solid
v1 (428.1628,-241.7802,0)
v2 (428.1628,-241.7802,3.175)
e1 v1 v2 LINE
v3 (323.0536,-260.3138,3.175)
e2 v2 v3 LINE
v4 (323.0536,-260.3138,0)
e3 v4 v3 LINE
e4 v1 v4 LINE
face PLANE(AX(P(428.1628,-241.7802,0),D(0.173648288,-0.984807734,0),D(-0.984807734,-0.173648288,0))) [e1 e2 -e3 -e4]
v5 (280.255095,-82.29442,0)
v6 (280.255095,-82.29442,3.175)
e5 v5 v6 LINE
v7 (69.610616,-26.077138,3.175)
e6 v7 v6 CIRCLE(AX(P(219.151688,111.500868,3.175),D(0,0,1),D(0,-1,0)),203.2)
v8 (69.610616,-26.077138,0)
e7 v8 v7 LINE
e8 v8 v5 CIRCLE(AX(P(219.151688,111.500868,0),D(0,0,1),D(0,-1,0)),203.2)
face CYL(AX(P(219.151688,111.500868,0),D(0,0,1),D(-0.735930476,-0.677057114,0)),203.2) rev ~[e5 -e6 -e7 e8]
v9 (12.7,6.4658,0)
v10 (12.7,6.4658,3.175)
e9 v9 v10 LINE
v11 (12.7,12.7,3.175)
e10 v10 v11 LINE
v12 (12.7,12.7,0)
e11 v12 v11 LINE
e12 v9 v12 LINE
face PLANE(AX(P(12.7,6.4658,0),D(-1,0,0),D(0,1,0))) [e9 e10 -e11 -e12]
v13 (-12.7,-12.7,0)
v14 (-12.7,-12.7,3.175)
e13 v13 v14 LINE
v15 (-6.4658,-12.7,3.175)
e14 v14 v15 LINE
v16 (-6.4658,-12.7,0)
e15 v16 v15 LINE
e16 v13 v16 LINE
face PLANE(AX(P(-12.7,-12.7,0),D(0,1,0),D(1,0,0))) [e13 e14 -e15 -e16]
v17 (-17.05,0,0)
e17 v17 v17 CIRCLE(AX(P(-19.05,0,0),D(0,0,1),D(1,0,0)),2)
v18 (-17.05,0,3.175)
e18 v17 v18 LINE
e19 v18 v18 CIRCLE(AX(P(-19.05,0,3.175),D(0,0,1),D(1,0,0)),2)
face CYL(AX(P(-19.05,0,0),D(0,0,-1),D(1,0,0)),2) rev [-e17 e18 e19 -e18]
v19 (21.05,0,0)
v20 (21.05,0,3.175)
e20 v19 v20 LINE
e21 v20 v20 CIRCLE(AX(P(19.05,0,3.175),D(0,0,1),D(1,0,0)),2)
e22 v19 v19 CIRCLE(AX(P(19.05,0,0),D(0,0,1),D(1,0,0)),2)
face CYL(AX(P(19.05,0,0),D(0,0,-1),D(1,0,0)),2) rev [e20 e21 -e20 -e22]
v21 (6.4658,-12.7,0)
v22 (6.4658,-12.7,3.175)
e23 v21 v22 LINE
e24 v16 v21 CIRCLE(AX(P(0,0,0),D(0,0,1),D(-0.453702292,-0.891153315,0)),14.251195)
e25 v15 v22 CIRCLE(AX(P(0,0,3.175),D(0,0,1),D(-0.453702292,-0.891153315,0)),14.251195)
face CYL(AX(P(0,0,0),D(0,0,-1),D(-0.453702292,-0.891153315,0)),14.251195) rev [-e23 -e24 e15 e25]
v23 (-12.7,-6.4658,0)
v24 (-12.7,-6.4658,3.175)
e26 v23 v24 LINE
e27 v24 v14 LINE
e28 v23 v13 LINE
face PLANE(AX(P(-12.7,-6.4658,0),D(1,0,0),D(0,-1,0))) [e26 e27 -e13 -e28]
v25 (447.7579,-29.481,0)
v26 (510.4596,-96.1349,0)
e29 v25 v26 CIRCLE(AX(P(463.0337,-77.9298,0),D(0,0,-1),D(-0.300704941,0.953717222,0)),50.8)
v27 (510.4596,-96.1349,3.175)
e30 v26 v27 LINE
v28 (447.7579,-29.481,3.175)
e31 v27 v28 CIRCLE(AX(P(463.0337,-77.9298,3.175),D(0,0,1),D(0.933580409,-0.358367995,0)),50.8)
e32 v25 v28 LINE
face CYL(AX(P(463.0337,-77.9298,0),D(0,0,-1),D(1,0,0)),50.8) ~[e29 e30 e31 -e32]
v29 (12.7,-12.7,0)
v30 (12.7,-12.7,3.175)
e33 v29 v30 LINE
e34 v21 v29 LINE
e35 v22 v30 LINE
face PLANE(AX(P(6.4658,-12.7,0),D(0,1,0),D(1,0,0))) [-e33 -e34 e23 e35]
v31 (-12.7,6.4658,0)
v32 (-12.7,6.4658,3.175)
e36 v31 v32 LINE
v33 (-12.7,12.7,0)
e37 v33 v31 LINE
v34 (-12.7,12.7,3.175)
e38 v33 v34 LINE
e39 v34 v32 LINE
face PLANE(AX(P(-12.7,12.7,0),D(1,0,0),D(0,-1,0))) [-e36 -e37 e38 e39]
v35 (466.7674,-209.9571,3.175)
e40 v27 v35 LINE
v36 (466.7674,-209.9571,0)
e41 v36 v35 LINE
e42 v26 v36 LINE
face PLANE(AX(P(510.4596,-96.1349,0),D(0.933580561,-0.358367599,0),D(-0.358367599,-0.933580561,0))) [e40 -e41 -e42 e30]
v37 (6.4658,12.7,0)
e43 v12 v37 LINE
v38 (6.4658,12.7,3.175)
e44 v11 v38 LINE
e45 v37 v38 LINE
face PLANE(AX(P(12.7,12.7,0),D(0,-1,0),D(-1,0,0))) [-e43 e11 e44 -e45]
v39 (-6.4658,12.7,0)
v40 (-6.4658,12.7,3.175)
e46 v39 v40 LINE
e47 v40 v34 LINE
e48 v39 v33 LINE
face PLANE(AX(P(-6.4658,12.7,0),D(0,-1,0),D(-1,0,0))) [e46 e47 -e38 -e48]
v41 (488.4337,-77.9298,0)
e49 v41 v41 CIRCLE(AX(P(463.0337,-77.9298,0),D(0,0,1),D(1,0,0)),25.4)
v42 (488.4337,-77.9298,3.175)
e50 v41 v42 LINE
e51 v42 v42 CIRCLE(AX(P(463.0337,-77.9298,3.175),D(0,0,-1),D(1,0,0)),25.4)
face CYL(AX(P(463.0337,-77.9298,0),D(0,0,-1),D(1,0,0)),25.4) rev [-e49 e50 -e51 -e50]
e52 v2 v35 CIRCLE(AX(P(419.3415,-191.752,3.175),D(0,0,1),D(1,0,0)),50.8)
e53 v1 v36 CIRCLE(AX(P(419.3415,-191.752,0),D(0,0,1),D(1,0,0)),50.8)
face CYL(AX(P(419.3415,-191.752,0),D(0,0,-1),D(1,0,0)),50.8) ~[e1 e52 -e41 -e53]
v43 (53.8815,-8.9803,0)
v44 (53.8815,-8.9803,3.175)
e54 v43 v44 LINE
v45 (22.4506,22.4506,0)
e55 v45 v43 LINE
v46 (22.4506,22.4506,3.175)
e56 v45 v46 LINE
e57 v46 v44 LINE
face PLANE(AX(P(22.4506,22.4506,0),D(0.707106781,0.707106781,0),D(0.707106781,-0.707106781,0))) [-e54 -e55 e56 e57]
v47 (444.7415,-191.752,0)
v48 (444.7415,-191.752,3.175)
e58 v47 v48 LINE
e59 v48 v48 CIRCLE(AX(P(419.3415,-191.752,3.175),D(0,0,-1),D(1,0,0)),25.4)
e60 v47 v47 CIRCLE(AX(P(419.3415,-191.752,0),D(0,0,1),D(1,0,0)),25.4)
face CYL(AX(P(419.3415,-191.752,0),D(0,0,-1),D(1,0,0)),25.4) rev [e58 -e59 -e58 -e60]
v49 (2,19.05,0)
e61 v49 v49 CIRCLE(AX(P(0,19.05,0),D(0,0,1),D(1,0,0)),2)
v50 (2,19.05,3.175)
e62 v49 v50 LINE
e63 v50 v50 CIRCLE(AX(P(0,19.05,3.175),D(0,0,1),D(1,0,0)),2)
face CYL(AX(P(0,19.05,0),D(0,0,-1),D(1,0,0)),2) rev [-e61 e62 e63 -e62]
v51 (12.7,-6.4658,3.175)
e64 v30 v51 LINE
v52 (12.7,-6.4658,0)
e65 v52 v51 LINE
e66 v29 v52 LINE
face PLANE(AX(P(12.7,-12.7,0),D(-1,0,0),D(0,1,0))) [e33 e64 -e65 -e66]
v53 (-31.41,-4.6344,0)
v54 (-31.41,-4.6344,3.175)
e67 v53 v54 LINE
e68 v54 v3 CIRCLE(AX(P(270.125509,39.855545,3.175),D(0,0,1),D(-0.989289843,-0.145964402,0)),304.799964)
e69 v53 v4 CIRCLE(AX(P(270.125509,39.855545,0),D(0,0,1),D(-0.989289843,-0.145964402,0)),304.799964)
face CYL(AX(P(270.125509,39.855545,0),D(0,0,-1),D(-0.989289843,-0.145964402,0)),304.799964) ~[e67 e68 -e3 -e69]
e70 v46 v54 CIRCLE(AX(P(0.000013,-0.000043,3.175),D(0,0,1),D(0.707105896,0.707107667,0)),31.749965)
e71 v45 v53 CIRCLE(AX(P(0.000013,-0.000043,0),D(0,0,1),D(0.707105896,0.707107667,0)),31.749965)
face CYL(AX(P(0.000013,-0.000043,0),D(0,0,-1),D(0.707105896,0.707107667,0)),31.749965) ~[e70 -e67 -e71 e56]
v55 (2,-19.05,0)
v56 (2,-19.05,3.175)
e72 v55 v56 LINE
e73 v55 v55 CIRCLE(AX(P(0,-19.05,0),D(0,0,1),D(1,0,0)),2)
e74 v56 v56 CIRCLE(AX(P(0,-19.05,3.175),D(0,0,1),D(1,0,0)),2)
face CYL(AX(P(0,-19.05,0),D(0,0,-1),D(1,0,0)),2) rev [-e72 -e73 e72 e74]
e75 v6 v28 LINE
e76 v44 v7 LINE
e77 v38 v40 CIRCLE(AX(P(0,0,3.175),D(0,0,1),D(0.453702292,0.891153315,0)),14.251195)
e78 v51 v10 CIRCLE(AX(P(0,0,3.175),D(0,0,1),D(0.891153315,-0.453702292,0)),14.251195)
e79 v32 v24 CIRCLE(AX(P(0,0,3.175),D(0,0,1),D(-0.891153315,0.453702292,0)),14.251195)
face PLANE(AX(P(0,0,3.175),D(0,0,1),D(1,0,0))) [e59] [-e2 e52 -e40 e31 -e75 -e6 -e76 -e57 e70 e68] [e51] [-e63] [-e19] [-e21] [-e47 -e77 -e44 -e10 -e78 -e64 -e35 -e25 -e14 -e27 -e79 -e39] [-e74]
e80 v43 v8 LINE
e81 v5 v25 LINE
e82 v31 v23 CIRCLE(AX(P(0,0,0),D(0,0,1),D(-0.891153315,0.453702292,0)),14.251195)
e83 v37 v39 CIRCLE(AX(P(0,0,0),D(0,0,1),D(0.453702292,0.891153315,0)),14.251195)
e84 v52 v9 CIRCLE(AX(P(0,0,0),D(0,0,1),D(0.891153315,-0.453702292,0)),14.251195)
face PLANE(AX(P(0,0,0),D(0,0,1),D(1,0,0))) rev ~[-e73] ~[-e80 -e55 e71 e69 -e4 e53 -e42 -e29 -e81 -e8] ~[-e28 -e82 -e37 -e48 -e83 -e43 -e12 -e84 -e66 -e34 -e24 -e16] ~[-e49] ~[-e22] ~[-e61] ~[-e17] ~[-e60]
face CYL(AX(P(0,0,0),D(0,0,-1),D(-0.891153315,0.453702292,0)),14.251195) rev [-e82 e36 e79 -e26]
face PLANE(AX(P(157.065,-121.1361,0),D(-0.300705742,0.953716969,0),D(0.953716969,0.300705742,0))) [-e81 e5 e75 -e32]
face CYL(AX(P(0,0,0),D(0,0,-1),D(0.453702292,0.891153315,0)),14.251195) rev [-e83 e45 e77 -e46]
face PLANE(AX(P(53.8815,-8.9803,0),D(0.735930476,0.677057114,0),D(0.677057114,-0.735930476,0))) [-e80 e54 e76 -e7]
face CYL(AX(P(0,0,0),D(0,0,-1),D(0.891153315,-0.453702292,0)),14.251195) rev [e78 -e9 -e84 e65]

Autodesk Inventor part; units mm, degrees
ref_plane "YZ Plane" through (0, 0, 0) normal (1, 0, 0) x (0, 1, 0)
ref_plane "XZ Plane" through (0, 0, 0) normal (0, 1, 0) x (-1, 0, 0)
ref_plane "XY Plane" through (0, 0, 0) normal (0, 0, 1) x (1, 0, 0)
sketch "Sketch1" plane through (0, 0, 0) normal (0, 0, 1) x (1, 0, 0)
  line L0 (6.4658, -12.7) -> (12.7, -12.7) projected
  arc A0 (-6.4658, -12.7) -> (6.4658, -12.7) centre (0, 0) ccw projected
  line L1 (-12.7, -12.7) -> (-6.4658, -12.7) projected
  line L2 (-12.7, -6.4658) -> (-12.7, -12.7) projected
  arc A1 (-12.7, 6.4658) -> (-12.7, -6.4658) centre (0, 0) ccw projected
  line L3 (-12.7, 12.7) -> (-12.7, 6.4658) projected
  line L4 (-6.4658, 12.7) -> (-12.7, 12.7) projected
  arc A2 (6.4658, 12.7) -> (-6.4658, 12.7) centre (0, 0) ccw projected
  line L5 (12.7, 12.7) -> (6.4658, 12.7) projected
  line L6 (12.7, 6.4658) -> (12.7, 12.7) projected
  arc A3 (12.7, -6.4658) -> (12.7, 6.4658) centre (0, 0) ccw projected
  line L7 (12.7, -12.7) -> (12.7, -6.4658) projected
  arc A4 (22.4506, 22.4506) -> (11.1037, -29.7451) centre (0, 0) ccw projected
  line L8 (53.8815, -8.9803) -> (157.065, -121.1361)
  line L9 (157.065, -121.1361) -> (447.7579, -29.481)
  line L10 (157.065, -121.1361) -> (461.865, -121.1361) construction
  circle A5 centre (463.0337, -77.9298) radius 50.8
  circle A6 centre (419.3415, -191.752) radius 50.8
  line L11 (463.0337, -77.9298) -> (419.3415, -191.752)
  line L12 (463.0337, -77.9298) -> (584.9537, -77.9298) construction
  arc A7 (-31.41, -4.6344) -> (323.0536, -260.3138) centre (270.1256, 39.8556) ccw
  line L13 (428.1628, -241.7802) -> (323.0536, -260.3138)
  line L14 (428.1628, -241.7802) -> (534.8936, -241.7802) construction
  line L15 (510.4596, -96.1349) -> (466.7674, -209.9571)
  circle A8 centre (0, -19.05) radius 2
  circle A9 centre (19.05, 0) radius 2
  circle A10 centre (-19.05, 0) radius 2
  circle A11 centre (0, 19.05) radius 2
  line L16 (22.4506, 22.4506) -> (53.8815, -8.9803) projected
  line L17 (52.7468, -14.1998) -> (11.1037, -29.7451) projected
  arc A12 (52.7468, -14.1998) -> (53.8815, -8.9803) centre (51.6365, -11.2253) ccw projected
  circle A13 centre (0, -19.05) radius 2.735 projected
  circle A14 centre (-19.05, 0) radius 2.735 projected
  circle A15 centre (0, 19.05) radius 2.735 projected
  circle A16 centre (19.05, 0) radius 2.735 projected
  circle A17 centre (463.0337, -77.9298) radius 25.4
  circle A18 centre (419.3415, -191.752) radius 25.4
  point P0 (50.8347, -14.9136)
  point P1 (54.0605, -9.1748)
  dimension "d0" = 152.4
  dimension "d1" = 304.8
  dimension "d2" = 17.5
  dimension "d3" = 101.6
  dimension "d4" = 101.6
  dimension "d5" = 121.92
  dimension "d6" = 111
  dimension "d7" = 609.6
  dimension "d9" = 170
  dimension "d10" = 4
  dimension "d11" = 4
  dimension "d12" = 4
  dimension "d13" = 4
  dimension "d16" = 50.8
  dimension "d17" = 50.8
extrude "Extrusion1" add sketch "Sketch1" along normal blind 3.175 contours L16 L8 L9 A5 L11 A6 L13 A7 A4 | A6 | A5 | A6 L11 A5 L15 | A13 | A14 | A15 | A16
fillet "Fillet1" radius 203.2 1 edges at (157.065, -121.1361, 1.5875)
properties part number "WhipperArm" material "MDF Medium Density Fiberboard"
